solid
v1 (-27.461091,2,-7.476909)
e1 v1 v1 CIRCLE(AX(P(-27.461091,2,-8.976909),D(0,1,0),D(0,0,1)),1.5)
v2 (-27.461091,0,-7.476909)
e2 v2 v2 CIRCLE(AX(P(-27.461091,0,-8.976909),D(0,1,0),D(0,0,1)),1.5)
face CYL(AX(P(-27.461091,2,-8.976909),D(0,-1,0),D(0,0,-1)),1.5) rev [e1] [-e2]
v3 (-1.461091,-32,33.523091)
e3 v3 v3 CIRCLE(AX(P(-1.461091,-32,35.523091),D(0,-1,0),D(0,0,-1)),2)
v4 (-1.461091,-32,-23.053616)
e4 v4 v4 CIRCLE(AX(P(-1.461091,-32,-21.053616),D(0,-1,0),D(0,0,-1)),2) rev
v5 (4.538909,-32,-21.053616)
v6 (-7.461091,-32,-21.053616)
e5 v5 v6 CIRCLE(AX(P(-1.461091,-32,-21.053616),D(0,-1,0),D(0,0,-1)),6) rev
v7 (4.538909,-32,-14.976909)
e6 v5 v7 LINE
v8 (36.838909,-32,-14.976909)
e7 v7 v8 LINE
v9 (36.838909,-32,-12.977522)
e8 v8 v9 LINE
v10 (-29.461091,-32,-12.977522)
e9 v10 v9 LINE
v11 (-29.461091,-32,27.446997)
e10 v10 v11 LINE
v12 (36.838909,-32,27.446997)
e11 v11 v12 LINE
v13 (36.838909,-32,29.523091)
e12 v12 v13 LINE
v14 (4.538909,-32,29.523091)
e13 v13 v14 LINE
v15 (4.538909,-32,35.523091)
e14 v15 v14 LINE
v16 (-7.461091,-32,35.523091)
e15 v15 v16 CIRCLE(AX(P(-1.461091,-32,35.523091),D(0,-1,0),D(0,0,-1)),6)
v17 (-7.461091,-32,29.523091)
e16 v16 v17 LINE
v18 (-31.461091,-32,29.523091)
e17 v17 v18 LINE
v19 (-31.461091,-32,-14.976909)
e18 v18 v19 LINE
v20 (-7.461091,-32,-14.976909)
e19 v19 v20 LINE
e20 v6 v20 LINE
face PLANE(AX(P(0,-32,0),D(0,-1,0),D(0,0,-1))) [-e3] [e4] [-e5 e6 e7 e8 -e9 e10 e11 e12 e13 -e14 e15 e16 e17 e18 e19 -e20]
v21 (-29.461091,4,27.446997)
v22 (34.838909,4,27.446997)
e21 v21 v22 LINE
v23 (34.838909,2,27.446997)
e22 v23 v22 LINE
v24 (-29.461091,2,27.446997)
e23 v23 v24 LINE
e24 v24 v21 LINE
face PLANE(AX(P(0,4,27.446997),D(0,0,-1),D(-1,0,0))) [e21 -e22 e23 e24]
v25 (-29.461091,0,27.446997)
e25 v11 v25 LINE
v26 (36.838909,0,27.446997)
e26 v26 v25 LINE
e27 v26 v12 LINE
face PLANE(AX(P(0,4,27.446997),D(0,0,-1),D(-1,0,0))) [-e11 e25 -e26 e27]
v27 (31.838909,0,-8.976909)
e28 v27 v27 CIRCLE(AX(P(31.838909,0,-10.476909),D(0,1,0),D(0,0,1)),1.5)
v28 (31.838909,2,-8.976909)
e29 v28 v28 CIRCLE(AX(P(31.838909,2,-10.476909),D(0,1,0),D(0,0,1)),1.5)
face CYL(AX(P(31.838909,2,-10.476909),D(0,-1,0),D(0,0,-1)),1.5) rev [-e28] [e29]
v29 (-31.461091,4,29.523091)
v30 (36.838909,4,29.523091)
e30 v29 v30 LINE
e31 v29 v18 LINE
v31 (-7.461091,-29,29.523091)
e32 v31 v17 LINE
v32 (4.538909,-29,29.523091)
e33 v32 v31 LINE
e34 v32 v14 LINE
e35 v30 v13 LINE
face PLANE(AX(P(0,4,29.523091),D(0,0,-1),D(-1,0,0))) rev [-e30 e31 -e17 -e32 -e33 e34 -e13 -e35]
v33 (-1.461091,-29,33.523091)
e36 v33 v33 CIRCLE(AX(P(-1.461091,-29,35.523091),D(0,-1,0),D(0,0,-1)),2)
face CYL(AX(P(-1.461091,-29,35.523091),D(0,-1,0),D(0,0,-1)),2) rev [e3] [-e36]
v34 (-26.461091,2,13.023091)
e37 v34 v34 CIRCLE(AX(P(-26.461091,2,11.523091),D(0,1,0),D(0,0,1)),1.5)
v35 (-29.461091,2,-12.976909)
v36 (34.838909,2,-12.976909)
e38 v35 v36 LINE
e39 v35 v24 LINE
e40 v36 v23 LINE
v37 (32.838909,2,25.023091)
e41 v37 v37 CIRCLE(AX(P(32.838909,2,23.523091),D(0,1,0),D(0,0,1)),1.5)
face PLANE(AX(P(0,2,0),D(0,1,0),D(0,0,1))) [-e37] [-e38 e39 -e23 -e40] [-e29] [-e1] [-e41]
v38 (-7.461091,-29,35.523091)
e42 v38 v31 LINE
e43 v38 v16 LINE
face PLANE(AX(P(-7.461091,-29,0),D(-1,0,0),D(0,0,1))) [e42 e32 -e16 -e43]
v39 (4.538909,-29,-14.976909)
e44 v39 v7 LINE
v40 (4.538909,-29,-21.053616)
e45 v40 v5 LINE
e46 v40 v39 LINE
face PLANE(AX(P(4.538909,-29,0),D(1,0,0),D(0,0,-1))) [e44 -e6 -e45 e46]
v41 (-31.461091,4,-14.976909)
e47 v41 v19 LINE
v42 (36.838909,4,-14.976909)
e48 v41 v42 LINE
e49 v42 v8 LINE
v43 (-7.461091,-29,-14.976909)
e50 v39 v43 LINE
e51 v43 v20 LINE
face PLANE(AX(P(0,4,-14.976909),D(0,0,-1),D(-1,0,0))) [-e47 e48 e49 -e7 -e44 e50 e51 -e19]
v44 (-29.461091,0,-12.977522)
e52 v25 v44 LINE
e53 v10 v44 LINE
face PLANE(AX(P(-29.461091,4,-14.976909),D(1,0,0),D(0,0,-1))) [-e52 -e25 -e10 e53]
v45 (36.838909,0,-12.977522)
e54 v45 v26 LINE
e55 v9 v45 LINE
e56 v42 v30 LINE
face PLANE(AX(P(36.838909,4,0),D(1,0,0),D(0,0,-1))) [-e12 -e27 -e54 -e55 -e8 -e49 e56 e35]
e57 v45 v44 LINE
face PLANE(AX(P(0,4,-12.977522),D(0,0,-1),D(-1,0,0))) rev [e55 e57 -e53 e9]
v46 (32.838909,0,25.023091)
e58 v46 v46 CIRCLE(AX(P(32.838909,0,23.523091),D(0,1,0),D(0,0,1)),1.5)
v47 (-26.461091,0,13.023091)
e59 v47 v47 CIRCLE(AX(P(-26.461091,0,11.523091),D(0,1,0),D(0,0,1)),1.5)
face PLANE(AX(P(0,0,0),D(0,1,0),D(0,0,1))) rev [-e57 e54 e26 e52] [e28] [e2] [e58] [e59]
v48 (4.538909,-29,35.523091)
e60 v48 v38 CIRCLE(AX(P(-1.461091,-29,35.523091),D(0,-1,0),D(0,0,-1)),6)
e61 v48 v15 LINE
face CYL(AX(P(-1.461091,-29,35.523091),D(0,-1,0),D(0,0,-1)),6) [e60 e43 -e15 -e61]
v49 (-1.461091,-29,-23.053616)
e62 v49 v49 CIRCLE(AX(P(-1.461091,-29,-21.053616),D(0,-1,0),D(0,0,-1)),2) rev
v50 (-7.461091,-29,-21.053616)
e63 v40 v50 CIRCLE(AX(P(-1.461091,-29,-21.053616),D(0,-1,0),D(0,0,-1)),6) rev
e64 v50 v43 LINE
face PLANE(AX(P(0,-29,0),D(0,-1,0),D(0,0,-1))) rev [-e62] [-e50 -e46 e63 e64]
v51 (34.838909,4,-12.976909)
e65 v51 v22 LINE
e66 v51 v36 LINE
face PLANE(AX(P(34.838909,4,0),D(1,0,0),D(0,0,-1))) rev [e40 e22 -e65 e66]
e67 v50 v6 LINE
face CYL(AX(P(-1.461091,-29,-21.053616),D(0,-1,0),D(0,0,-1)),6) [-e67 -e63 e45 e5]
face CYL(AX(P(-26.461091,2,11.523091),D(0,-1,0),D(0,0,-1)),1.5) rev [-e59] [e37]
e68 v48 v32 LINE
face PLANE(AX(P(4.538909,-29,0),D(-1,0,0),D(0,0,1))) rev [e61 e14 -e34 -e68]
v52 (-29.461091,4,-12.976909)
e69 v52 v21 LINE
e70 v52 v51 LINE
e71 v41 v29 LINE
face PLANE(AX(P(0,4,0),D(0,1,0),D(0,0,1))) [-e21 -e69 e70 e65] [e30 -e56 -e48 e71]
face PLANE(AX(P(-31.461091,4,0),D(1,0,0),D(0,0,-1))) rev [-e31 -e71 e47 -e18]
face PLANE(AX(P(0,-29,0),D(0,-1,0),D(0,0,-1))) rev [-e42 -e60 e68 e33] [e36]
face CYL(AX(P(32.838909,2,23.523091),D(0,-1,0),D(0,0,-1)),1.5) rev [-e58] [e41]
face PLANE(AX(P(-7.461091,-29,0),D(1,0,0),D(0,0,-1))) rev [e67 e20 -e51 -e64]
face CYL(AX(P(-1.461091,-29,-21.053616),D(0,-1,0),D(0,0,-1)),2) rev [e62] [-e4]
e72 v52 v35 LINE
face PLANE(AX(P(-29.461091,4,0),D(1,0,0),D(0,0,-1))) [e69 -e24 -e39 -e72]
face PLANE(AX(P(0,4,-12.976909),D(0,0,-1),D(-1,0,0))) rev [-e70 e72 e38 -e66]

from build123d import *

# Parameters (mm, degrees)
SKETCH1_W                = 64.3
SKETCH1_H                = 40.5
SKETCH1_R                = 1.5
BOSS_EXTRUDE1_DEPTH      = 2
SKETCH1_3_W              = 68.3
SKETCH1_3_H              = 44.5
SKETCH1_3_W_2            = 64.3
SKETCH1_3_H_2            = 40.5
BOSS_EXTRUDE2_DEPTH      = 4
BOSS_EXTRUDE3_DEPTH      = 32
BOSS_EXTRUDE3_DEPTH_BACK = 4
SKETCH5_R                = 2
BOSS_EXTRUDE4_DEPTH      = 3


with BuildPart() as part:
    # Sketch1 → Boss-Extrude1 (new body)
    with BuildSketch(Plane(origin=(0, 0, 0), x_dir=(1, 0, 0), z_dir=(0, 1, 0))):
        with Locations((2.688909091, -7.273090909)):
            Rectangle(SKETCH1_W, SKETCH1_H)
        with Locations((-26.461090909, -11.523090909)):
            Circle(SKETCH1_R, mode=Mode.SUBTRACT)
        with Locations((32.838909091, -23.523090909)):
            Circle(SKETCH1_R, mode=Mode.SUBTRACT)
        with Locations((-27.461090909, 8.976909091)):
            Circle(SKETCH1_R, mode=Mode.SUBTRACT)
        with Locations((31.838909091, 10.476909091)):
            Circle(SKETCH1_R, mode=Mode.SUBTRACT)
    extrude(amount=BOSS_EXTRUDE1_DEPTH)

    # Sketch1<3> → Boss-Extrude2 (add)
    with BuildSketch(Plane(origin=(0, 0, 0), x_dir=(1, 0, 0), z_dir=(0, 1, 0))):
        with Locations((2.688909091, -7.273090909)):
            Rectangle(SKETCH1_3_W, SKETCH1_3_H)
        with Locations((2.688909091, -7.273090909)):
            Rectangle(SKETCH1_3_W_2, SKETCH1_3_H_2, mode=Mode.SUBTRACT)
    extrude(amount=BOSS_EXTRUDE2_DEPTH)

    # Sketch3 → Boss-Extrude3 (add, two sides: drawn at the far end of the back side and taken through both)
    with BuildSketch(Plane.XZ.offset(-BOSS_EXTRUDE3_DEPTH_BACK)):
        Polygon((-31.461090909, -14.976909091), (36.838909091, -14.976909091), (36.838909091, -12.977521958), (-29.461090909, -12.977521958), (-29.461090909, 27.446996909), (36.838909091, 27.446996909), (36.838909091, 29.523090909), (-31.461090909, 29.523090909), align=None)
    extrude(amount=BOSS_EXTRUDE3_DEPTH + BOSS_EXTRUDE3_DEPTH_BACK)

    # Sketch5 → Boss-Extrude4 (add)
    # profile 1 of 2: a face of its own
    with BuildSketch(Plane.XZ.offset(32)):
        with BuildLine():
            Line((-7.461090909, -12.977521958), (-7.461090909, -21.053615958))
            ThreePointArc((-7.461090909, -21.053615958), (-1.461090909, -27.053615958), (4.538909091, -21.053615958))
            Line((4.538909091, -21.053615958), (4.538909091, -12.977521958))
            Line((4.538909091, -12.977521958), (-7.461090909, -12.977521958))
        make_face()
        with Locations((-1.461090909, -21.053615958)):
            Circle(SKETCH5_R, mode=Mode.SUBTRACT)
    # profile 2 of 2: a face of its own
    with BuildSketch(Plane.XZ.offset(32)):
        with BuildLine():
            ThreePointArc((4.538909091, 35.523090909), (-1.461090909, 41.523090909), (-7.461090909, 35.523090909))
            Line((-7.461090909, 35.523090909), (-7.461090909, 29.523090909))
            Line((-7.461090909, 29.523090909), (4.538909091, 29.523090909))
            Line((4.538909091, 29.523090909), (4.538909091, 35.523090909))
        make_face()
        with Locations((-1.461090909, 35.523090909)):
            Circle(SKETCH5_R, mode=Mode.SUBTRACT)
    extrude(amount=-BOSS_EXTRUDE4_DEPTH)


solid = part.part
